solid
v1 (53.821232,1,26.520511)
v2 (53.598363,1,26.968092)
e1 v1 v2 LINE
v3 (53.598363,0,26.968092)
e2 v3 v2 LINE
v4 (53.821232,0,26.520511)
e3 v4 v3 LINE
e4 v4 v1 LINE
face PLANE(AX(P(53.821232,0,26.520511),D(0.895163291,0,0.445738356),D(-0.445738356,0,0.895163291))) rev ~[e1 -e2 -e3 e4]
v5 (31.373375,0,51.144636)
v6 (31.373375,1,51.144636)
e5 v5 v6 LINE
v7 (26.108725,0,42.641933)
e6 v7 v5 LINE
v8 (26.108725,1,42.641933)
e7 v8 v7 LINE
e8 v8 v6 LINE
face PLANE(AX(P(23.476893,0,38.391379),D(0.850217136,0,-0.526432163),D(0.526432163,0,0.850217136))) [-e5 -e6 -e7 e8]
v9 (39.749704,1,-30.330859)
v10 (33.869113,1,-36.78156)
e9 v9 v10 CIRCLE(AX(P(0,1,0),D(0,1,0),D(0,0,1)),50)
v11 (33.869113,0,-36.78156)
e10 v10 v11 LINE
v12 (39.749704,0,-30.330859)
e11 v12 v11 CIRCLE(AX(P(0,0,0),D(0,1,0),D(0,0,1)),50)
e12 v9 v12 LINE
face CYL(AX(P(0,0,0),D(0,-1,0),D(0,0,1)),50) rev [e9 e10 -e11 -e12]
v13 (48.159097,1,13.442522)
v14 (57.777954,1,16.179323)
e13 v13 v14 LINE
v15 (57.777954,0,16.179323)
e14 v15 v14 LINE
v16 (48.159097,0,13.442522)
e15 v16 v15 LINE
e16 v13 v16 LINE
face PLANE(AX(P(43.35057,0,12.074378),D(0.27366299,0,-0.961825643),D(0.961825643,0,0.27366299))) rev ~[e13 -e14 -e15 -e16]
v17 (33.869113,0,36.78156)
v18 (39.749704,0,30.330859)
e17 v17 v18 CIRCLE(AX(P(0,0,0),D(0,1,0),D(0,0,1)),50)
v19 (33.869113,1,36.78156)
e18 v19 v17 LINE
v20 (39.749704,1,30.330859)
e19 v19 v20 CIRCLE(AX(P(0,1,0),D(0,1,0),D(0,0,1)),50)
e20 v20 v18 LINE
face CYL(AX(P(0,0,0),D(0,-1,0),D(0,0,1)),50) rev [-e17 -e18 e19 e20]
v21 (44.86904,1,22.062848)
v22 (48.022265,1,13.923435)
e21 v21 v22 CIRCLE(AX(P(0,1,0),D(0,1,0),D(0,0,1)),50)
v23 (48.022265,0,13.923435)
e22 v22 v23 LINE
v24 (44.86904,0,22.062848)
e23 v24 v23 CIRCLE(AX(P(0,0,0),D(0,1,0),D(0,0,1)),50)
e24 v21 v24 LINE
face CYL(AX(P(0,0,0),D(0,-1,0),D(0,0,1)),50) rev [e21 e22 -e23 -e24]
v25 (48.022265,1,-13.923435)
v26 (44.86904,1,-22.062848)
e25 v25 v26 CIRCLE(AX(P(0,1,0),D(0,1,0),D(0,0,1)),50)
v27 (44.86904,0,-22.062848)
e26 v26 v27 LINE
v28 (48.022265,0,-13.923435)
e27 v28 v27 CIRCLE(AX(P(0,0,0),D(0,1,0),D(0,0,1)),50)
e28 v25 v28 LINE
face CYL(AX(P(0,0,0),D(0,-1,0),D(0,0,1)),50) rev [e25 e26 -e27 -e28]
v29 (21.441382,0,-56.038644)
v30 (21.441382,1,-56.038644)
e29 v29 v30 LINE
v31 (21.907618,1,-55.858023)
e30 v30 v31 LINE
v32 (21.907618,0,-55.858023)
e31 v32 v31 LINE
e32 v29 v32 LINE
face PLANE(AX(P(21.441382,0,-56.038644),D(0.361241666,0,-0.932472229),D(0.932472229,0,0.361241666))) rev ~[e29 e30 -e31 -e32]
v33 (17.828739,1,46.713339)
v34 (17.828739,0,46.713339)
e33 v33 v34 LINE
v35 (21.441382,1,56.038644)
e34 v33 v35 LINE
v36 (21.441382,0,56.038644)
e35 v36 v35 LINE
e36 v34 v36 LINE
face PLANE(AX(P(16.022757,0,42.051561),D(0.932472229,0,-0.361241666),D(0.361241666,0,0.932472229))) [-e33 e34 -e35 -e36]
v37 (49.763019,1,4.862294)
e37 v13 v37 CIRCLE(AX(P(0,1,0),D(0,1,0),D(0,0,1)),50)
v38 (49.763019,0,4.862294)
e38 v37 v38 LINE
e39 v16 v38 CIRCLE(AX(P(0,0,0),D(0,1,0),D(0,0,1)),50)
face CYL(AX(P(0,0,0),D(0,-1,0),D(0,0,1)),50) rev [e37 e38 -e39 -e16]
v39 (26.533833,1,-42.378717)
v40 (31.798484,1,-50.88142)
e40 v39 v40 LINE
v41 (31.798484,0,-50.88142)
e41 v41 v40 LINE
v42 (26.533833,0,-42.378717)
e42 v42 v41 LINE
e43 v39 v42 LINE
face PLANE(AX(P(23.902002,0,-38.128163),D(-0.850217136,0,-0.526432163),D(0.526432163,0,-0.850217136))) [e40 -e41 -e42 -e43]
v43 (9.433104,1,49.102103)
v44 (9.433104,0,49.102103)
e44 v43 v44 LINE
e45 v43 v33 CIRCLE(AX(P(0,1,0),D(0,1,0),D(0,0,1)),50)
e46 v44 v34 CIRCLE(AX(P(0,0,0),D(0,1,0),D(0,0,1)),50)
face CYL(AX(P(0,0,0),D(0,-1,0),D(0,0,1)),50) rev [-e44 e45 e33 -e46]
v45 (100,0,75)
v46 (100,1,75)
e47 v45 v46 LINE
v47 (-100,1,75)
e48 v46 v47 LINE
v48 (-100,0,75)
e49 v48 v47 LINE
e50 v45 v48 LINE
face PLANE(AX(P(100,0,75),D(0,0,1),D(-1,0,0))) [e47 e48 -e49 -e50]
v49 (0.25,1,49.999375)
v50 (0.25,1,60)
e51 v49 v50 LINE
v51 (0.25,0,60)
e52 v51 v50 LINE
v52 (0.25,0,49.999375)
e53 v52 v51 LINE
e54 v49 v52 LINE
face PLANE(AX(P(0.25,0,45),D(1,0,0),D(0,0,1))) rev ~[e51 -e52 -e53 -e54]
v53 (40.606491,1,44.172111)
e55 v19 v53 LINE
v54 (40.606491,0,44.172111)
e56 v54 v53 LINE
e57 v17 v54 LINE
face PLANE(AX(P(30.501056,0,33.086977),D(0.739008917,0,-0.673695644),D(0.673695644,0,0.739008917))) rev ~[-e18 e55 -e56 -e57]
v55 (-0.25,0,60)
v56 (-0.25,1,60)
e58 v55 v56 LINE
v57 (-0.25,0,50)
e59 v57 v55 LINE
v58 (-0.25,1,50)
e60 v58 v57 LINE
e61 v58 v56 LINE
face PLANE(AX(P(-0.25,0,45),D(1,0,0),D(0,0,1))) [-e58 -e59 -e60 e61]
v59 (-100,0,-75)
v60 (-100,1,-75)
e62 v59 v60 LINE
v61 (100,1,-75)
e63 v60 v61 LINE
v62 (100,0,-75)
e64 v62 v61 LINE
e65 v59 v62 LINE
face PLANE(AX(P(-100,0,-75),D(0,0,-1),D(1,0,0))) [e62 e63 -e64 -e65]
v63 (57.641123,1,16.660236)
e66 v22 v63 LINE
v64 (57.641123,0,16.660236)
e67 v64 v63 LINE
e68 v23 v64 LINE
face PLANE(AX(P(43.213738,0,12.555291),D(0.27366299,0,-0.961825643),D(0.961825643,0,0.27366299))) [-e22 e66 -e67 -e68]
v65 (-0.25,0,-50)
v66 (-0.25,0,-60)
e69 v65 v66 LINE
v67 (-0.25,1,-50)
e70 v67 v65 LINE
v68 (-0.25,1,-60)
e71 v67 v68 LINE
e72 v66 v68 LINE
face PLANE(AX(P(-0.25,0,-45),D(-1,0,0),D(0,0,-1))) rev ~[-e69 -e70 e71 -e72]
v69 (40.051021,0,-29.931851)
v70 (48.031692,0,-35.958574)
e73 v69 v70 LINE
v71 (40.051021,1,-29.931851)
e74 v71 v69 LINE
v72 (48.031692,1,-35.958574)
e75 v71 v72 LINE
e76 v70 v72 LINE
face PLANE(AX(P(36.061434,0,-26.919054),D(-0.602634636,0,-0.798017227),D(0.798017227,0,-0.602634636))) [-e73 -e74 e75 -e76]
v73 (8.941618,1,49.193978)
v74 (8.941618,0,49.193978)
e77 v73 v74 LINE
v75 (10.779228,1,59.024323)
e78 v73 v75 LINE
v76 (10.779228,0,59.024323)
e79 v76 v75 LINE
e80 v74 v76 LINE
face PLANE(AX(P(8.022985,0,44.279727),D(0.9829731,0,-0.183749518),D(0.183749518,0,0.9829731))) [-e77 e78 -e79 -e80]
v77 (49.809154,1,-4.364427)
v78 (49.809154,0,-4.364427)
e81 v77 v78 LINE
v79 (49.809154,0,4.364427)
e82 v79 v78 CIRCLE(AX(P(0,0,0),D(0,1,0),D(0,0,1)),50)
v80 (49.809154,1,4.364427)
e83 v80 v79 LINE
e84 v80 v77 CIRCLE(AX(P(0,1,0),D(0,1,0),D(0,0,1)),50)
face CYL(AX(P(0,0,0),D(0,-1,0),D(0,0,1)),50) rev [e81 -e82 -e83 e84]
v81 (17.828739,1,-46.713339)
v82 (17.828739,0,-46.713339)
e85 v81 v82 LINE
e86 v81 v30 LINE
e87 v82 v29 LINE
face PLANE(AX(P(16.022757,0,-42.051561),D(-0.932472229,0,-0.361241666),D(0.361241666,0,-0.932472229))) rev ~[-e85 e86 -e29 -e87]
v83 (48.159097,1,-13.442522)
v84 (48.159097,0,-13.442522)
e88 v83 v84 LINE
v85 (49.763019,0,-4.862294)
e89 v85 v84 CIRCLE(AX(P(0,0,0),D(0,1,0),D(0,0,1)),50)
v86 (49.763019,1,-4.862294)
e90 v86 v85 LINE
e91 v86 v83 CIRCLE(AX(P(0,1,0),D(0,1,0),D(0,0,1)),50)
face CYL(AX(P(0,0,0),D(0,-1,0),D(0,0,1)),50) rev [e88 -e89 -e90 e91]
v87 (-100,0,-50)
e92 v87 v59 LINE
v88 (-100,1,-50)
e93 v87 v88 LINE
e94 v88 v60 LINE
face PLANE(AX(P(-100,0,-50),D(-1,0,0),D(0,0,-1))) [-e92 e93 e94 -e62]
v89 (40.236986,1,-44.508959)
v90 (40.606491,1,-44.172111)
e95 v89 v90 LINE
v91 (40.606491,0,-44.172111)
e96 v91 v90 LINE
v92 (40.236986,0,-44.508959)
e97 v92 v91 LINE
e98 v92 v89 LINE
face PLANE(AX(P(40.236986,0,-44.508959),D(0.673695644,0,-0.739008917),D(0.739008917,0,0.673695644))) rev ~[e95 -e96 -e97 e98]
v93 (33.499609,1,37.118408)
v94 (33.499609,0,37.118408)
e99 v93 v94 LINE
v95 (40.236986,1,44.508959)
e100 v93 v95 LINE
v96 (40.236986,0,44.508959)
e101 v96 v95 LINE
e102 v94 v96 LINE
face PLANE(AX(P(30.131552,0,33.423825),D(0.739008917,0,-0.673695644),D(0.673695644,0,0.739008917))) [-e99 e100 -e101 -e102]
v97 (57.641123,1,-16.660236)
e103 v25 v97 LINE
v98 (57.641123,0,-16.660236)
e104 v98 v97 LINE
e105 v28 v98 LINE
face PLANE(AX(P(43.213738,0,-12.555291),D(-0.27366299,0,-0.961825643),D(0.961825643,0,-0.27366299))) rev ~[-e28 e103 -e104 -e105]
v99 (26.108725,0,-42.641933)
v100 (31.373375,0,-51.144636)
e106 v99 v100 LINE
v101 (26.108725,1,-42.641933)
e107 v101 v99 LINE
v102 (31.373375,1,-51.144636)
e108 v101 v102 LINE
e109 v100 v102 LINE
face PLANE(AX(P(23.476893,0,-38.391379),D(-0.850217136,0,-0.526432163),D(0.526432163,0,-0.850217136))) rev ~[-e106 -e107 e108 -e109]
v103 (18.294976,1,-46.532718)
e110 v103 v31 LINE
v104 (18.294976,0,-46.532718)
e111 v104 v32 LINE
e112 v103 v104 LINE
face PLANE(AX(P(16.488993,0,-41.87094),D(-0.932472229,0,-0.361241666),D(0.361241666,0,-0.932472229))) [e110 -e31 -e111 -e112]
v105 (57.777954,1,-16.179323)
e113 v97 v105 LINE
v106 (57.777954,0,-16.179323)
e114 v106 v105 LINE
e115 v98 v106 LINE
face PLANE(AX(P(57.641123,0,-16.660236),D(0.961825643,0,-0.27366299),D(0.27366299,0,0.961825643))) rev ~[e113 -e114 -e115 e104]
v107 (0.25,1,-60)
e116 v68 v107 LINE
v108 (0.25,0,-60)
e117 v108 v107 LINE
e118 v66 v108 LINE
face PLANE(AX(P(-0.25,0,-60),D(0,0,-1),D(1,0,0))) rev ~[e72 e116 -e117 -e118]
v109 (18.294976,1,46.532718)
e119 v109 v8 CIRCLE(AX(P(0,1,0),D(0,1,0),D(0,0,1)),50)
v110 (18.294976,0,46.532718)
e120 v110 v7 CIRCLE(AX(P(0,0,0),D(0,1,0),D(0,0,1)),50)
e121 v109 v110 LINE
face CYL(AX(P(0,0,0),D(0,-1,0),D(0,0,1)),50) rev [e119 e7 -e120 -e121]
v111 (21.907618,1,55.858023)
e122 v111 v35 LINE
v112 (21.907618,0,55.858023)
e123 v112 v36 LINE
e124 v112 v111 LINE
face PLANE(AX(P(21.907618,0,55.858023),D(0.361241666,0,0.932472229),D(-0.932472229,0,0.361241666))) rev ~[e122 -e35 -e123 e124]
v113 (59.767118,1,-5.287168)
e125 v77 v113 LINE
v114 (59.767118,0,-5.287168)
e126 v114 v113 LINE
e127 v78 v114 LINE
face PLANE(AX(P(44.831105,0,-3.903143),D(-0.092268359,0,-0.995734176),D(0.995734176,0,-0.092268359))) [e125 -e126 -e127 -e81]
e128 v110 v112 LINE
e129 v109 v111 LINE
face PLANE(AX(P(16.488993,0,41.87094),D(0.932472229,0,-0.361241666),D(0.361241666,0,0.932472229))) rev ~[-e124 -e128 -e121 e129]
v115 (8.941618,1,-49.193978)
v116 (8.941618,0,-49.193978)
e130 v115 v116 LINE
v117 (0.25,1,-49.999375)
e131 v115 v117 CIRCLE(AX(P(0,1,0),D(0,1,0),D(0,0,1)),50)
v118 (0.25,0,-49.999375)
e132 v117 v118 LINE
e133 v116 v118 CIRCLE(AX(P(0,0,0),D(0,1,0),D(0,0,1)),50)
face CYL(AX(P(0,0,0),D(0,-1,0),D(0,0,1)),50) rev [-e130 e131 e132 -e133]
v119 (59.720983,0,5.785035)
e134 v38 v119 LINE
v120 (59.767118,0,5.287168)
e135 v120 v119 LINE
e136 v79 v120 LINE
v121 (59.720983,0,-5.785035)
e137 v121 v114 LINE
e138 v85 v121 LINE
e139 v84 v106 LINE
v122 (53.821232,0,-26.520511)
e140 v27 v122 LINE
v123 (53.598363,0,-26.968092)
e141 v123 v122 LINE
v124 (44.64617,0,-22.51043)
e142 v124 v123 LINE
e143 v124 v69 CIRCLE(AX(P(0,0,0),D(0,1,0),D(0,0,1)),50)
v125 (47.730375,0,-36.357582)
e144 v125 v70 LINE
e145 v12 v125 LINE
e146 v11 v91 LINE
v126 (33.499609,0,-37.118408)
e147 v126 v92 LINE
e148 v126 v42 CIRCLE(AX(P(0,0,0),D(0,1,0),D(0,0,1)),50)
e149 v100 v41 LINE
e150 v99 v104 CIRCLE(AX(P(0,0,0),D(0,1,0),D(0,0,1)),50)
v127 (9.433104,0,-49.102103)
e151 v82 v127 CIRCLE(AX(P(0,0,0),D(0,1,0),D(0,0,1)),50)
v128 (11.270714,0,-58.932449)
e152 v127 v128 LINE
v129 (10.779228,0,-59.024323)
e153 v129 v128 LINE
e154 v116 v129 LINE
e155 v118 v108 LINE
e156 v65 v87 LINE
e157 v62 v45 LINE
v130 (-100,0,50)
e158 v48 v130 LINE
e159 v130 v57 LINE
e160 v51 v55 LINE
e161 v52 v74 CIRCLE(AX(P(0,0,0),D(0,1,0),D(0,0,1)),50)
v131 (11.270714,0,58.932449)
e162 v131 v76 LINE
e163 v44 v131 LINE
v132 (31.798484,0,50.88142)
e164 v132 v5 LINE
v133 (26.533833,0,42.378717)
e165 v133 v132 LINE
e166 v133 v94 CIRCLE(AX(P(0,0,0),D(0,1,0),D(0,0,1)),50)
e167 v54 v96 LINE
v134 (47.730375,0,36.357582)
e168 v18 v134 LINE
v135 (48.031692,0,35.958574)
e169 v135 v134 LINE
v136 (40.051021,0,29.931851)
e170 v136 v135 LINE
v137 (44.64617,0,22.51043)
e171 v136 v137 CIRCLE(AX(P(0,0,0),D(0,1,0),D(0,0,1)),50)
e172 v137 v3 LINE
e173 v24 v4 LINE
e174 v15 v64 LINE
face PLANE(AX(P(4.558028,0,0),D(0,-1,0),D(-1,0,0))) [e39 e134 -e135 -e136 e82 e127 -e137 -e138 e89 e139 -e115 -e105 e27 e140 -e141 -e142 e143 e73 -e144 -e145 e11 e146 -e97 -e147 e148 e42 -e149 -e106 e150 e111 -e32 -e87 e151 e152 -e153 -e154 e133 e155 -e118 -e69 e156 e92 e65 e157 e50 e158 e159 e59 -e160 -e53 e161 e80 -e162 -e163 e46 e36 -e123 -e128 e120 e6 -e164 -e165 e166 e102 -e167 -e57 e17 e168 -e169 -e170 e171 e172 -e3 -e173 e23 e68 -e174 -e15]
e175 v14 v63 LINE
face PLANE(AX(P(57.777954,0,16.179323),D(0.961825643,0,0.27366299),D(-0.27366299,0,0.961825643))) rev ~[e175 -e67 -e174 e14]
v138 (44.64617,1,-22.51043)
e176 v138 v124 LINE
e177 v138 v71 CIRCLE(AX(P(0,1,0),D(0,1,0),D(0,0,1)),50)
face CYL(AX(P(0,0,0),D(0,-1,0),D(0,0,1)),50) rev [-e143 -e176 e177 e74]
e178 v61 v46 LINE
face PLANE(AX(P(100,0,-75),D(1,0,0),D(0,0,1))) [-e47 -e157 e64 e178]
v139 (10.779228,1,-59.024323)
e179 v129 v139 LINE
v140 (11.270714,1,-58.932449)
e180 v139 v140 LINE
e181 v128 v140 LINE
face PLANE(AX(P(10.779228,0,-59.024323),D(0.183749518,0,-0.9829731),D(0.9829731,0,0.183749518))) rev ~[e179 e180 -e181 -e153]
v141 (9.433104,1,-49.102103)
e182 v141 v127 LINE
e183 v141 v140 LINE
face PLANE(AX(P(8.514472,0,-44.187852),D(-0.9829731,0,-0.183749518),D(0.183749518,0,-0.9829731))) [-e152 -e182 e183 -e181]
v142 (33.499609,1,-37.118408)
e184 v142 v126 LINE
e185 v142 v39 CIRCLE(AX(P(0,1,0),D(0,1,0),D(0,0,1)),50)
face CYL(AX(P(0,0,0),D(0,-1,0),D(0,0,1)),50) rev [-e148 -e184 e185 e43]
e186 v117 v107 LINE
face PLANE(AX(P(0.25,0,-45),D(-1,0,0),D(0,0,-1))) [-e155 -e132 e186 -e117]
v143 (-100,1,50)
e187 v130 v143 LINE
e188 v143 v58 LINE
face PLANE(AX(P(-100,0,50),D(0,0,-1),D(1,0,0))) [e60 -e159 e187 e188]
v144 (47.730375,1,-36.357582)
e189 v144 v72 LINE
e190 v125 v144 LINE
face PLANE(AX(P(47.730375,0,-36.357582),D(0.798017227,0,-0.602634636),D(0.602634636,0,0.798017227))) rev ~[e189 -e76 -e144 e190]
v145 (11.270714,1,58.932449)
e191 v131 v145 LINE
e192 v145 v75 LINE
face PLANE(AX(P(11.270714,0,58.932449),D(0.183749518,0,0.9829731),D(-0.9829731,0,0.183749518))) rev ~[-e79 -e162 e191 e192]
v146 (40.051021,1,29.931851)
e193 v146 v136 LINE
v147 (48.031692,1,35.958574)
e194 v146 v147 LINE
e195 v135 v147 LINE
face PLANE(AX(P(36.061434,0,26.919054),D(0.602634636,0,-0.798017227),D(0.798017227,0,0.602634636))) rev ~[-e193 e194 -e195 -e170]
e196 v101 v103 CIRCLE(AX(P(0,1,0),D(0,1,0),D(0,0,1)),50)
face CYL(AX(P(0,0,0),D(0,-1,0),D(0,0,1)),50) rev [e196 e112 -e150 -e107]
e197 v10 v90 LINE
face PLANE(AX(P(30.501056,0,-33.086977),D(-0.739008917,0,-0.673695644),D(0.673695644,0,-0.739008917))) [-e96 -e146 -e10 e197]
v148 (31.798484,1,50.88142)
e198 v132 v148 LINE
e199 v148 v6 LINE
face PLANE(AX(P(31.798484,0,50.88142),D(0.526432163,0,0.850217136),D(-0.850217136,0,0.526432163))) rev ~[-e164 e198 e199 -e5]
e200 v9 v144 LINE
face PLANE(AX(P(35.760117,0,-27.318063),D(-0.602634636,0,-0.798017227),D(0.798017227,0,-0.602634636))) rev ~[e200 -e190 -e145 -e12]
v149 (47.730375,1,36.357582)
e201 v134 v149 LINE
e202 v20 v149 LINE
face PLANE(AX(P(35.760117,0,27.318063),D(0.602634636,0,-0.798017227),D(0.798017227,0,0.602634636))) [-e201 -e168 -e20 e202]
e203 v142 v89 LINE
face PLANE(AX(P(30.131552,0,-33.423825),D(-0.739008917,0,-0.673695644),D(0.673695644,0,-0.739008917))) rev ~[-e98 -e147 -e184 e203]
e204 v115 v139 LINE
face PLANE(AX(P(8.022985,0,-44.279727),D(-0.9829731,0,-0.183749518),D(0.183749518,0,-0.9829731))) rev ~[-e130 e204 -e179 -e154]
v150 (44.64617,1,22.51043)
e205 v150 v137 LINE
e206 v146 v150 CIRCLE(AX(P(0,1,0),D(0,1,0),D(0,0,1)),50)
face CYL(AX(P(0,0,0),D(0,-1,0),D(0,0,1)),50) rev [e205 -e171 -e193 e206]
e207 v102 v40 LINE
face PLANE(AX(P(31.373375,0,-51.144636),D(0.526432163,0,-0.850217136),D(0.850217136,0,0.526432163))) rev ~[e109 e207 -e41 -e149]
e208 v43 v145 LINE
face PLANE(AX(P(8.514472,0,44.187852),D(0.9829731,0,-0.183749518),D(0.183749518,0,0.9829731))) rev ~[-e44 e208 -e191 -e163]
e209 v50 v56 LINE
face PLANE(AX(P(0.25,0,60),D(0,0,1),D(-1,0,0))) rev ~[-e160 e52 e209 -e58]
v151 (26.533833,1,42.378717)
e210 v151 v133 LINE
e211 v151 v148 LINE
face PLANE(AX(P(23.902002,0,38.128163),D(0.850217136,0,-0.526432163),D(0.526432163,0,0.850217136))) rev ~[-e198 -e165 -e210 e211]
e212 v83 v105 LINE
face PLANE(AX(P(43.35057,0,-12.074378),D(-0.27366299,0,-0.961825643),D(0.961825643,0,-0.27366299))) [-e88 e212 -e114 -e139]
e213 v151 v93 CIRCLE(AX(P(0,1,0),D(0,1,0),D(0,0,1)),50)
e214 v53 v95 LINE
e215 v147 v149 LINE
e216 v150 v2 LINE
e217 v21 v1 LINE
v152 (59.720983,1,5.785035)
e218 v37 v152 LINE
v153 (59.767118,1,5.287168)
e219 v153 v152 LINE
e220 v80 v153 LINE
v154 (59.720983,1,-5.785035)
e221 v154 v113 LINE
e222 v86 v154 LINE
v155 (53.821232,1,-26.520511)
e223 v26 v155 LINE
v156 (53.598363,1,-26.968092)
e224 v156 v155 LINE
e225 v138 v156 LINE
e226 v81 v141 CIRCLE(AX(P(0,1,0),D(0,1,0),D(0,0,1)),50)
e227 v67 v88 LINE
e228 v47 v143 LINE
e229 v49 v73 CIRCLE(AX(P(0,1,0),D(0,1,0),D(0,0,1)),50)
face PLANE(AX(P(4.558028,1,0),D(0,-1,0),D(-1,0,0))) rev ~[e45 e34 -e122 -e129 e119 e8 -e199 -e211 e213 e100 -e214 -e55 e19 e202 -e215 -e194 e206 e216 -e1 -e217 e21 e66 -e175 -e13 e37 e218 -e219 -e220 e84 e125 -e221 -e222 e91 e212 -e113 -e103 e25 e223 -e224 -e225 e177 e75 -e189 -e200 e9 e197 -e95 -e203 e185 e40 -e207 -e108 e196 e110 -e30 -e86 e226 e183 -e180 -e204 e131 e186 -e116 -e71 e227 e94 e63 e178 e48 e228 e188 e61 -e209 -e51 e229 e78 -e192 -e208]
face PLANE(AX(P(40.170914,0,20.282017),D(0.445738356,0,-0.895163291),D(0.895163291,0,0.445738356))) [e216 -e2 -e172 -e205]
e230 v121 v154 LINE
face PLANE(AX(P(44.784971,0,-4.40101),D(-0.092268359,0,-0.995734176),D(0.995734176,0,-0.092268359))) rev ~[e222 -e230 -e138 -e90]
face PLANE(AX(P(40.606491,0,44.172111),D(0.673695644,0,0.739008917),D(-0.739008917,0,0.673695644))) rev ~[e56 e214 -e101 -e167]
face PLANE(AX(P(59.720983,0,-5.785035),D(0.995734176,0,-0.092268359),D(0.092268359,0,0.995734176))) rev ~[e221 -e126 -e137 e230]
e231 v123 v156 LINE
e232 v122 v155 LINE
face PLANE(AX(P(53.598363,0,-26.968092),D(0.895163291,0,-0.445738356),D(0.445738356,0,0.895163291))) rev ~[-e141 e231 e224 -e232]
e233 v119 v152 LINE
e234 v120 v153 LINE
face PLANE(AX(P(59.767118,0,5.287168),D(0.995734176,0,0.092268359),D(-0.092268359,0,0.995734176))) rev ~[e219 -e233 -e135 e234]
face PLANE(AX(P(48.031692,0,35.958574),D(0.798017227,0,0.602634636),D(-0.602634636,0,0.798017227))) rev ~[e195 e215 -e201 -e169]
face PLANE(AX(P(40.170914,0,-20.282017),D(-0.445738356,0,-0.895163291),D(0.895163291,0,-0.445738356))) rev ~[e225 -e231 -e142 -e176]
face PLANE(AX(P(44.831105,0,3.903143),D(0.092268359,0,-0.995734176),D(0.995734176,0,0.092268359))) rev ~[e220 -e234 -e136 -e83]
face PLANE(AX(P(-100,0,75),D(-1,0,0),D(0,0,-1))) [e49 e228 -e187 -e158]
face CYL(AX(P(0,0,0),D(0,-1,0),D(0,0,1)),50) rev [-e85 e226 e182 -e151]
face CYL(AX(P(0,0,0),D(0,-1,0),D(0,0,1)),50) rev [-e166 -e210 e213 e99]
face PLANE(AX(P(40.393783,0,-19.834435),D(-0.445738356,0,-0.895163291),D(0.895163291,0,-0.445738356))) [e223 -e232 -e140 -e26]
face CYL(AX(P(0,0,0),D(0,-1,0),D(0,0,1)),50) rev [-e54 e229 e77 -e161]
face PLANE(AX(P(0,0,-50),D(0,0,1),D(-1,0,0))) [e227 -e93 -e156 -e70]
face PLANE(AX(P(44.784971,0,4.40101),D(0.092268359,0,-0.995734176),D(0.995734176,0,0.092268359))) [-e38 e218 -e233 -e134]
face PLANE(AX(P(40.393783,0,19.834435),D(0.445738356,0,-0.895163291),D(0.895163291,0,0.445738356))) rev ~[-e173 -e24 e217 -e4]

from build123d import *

# Parameters (mm, degrees)
AUFSATZ_LINEAR_AUSTRAGEN1_DEPTH      = 1
SKIZZE2_W                            = 0.5
SKIZZE2_H                            = 15
SCHNITT_LINEAR_AUSTRAGEN_D_NN4_DEPTH = 2
KREISMUSTER12_COUNT                  = 18
KREISMUSTER12_ANGLE                  = 180


with BuildPart() as part:
    # Skizze1 → Aufsatz-Linear austragen1 (new body)
    with BuildSketch(Plane(origin=(0, 0, 0), x_dir=(1, 0, 0), z_dir=(0, 1, 0))):
        with BuildLine():
            Line((0, 50), (-100, 50))
            Line((-100, 50), (-100, 75))
            Line((-100, 75), (100, 75))
            Line((100, 75), (100, -75))
            Line((100, -75), (-100, -75))
            Line((-100, -75), (-100, -50))
            Line((-100, -50), (0, -50))
            ThreePointArc((0, -50), (50, 0), (0, 50))
        make_face()
    extrude(amount=AUFSATZ_LINEAR_AUSTRAGEN1_DEPTH)

    # Skizze2 → Schnitt-Linear-Austragen-Dünn4 (cut)
    with BuildSketch(Plane(origin=(0, 0, 0), x_dir=(1, 0, 0), z_dir=(0, 1, 0))):
        with Locations((0, 52.5)):
            Rectangle(SKIZZE2_W, SKIZZE2_H)
    schnitt_linear_austragen_d_nn4 = extrude(amount=SCHNITT_LINEAR_AUSTRAGEN_D_NN4_DEPTH, mode=Mode.SUBTRACT)

    # Kreismuster12: Schnitt-Linear-Austragen-Dünn4 ×18 about axis
    kreismuster12_axis = Axis((0, 0, 0), (0, -1, 0))
    for i in range(1, KREISMUSTER12_COUNT):
        add(schnitt_linear_austragen_d_nn4.rotate(kreismuster12_axis, i * KREISMUSTER12_ANGLE / (KREISMUSTER12_COUNT - 1)), mode=Mode.SUBTRACT)


solid = part.part
